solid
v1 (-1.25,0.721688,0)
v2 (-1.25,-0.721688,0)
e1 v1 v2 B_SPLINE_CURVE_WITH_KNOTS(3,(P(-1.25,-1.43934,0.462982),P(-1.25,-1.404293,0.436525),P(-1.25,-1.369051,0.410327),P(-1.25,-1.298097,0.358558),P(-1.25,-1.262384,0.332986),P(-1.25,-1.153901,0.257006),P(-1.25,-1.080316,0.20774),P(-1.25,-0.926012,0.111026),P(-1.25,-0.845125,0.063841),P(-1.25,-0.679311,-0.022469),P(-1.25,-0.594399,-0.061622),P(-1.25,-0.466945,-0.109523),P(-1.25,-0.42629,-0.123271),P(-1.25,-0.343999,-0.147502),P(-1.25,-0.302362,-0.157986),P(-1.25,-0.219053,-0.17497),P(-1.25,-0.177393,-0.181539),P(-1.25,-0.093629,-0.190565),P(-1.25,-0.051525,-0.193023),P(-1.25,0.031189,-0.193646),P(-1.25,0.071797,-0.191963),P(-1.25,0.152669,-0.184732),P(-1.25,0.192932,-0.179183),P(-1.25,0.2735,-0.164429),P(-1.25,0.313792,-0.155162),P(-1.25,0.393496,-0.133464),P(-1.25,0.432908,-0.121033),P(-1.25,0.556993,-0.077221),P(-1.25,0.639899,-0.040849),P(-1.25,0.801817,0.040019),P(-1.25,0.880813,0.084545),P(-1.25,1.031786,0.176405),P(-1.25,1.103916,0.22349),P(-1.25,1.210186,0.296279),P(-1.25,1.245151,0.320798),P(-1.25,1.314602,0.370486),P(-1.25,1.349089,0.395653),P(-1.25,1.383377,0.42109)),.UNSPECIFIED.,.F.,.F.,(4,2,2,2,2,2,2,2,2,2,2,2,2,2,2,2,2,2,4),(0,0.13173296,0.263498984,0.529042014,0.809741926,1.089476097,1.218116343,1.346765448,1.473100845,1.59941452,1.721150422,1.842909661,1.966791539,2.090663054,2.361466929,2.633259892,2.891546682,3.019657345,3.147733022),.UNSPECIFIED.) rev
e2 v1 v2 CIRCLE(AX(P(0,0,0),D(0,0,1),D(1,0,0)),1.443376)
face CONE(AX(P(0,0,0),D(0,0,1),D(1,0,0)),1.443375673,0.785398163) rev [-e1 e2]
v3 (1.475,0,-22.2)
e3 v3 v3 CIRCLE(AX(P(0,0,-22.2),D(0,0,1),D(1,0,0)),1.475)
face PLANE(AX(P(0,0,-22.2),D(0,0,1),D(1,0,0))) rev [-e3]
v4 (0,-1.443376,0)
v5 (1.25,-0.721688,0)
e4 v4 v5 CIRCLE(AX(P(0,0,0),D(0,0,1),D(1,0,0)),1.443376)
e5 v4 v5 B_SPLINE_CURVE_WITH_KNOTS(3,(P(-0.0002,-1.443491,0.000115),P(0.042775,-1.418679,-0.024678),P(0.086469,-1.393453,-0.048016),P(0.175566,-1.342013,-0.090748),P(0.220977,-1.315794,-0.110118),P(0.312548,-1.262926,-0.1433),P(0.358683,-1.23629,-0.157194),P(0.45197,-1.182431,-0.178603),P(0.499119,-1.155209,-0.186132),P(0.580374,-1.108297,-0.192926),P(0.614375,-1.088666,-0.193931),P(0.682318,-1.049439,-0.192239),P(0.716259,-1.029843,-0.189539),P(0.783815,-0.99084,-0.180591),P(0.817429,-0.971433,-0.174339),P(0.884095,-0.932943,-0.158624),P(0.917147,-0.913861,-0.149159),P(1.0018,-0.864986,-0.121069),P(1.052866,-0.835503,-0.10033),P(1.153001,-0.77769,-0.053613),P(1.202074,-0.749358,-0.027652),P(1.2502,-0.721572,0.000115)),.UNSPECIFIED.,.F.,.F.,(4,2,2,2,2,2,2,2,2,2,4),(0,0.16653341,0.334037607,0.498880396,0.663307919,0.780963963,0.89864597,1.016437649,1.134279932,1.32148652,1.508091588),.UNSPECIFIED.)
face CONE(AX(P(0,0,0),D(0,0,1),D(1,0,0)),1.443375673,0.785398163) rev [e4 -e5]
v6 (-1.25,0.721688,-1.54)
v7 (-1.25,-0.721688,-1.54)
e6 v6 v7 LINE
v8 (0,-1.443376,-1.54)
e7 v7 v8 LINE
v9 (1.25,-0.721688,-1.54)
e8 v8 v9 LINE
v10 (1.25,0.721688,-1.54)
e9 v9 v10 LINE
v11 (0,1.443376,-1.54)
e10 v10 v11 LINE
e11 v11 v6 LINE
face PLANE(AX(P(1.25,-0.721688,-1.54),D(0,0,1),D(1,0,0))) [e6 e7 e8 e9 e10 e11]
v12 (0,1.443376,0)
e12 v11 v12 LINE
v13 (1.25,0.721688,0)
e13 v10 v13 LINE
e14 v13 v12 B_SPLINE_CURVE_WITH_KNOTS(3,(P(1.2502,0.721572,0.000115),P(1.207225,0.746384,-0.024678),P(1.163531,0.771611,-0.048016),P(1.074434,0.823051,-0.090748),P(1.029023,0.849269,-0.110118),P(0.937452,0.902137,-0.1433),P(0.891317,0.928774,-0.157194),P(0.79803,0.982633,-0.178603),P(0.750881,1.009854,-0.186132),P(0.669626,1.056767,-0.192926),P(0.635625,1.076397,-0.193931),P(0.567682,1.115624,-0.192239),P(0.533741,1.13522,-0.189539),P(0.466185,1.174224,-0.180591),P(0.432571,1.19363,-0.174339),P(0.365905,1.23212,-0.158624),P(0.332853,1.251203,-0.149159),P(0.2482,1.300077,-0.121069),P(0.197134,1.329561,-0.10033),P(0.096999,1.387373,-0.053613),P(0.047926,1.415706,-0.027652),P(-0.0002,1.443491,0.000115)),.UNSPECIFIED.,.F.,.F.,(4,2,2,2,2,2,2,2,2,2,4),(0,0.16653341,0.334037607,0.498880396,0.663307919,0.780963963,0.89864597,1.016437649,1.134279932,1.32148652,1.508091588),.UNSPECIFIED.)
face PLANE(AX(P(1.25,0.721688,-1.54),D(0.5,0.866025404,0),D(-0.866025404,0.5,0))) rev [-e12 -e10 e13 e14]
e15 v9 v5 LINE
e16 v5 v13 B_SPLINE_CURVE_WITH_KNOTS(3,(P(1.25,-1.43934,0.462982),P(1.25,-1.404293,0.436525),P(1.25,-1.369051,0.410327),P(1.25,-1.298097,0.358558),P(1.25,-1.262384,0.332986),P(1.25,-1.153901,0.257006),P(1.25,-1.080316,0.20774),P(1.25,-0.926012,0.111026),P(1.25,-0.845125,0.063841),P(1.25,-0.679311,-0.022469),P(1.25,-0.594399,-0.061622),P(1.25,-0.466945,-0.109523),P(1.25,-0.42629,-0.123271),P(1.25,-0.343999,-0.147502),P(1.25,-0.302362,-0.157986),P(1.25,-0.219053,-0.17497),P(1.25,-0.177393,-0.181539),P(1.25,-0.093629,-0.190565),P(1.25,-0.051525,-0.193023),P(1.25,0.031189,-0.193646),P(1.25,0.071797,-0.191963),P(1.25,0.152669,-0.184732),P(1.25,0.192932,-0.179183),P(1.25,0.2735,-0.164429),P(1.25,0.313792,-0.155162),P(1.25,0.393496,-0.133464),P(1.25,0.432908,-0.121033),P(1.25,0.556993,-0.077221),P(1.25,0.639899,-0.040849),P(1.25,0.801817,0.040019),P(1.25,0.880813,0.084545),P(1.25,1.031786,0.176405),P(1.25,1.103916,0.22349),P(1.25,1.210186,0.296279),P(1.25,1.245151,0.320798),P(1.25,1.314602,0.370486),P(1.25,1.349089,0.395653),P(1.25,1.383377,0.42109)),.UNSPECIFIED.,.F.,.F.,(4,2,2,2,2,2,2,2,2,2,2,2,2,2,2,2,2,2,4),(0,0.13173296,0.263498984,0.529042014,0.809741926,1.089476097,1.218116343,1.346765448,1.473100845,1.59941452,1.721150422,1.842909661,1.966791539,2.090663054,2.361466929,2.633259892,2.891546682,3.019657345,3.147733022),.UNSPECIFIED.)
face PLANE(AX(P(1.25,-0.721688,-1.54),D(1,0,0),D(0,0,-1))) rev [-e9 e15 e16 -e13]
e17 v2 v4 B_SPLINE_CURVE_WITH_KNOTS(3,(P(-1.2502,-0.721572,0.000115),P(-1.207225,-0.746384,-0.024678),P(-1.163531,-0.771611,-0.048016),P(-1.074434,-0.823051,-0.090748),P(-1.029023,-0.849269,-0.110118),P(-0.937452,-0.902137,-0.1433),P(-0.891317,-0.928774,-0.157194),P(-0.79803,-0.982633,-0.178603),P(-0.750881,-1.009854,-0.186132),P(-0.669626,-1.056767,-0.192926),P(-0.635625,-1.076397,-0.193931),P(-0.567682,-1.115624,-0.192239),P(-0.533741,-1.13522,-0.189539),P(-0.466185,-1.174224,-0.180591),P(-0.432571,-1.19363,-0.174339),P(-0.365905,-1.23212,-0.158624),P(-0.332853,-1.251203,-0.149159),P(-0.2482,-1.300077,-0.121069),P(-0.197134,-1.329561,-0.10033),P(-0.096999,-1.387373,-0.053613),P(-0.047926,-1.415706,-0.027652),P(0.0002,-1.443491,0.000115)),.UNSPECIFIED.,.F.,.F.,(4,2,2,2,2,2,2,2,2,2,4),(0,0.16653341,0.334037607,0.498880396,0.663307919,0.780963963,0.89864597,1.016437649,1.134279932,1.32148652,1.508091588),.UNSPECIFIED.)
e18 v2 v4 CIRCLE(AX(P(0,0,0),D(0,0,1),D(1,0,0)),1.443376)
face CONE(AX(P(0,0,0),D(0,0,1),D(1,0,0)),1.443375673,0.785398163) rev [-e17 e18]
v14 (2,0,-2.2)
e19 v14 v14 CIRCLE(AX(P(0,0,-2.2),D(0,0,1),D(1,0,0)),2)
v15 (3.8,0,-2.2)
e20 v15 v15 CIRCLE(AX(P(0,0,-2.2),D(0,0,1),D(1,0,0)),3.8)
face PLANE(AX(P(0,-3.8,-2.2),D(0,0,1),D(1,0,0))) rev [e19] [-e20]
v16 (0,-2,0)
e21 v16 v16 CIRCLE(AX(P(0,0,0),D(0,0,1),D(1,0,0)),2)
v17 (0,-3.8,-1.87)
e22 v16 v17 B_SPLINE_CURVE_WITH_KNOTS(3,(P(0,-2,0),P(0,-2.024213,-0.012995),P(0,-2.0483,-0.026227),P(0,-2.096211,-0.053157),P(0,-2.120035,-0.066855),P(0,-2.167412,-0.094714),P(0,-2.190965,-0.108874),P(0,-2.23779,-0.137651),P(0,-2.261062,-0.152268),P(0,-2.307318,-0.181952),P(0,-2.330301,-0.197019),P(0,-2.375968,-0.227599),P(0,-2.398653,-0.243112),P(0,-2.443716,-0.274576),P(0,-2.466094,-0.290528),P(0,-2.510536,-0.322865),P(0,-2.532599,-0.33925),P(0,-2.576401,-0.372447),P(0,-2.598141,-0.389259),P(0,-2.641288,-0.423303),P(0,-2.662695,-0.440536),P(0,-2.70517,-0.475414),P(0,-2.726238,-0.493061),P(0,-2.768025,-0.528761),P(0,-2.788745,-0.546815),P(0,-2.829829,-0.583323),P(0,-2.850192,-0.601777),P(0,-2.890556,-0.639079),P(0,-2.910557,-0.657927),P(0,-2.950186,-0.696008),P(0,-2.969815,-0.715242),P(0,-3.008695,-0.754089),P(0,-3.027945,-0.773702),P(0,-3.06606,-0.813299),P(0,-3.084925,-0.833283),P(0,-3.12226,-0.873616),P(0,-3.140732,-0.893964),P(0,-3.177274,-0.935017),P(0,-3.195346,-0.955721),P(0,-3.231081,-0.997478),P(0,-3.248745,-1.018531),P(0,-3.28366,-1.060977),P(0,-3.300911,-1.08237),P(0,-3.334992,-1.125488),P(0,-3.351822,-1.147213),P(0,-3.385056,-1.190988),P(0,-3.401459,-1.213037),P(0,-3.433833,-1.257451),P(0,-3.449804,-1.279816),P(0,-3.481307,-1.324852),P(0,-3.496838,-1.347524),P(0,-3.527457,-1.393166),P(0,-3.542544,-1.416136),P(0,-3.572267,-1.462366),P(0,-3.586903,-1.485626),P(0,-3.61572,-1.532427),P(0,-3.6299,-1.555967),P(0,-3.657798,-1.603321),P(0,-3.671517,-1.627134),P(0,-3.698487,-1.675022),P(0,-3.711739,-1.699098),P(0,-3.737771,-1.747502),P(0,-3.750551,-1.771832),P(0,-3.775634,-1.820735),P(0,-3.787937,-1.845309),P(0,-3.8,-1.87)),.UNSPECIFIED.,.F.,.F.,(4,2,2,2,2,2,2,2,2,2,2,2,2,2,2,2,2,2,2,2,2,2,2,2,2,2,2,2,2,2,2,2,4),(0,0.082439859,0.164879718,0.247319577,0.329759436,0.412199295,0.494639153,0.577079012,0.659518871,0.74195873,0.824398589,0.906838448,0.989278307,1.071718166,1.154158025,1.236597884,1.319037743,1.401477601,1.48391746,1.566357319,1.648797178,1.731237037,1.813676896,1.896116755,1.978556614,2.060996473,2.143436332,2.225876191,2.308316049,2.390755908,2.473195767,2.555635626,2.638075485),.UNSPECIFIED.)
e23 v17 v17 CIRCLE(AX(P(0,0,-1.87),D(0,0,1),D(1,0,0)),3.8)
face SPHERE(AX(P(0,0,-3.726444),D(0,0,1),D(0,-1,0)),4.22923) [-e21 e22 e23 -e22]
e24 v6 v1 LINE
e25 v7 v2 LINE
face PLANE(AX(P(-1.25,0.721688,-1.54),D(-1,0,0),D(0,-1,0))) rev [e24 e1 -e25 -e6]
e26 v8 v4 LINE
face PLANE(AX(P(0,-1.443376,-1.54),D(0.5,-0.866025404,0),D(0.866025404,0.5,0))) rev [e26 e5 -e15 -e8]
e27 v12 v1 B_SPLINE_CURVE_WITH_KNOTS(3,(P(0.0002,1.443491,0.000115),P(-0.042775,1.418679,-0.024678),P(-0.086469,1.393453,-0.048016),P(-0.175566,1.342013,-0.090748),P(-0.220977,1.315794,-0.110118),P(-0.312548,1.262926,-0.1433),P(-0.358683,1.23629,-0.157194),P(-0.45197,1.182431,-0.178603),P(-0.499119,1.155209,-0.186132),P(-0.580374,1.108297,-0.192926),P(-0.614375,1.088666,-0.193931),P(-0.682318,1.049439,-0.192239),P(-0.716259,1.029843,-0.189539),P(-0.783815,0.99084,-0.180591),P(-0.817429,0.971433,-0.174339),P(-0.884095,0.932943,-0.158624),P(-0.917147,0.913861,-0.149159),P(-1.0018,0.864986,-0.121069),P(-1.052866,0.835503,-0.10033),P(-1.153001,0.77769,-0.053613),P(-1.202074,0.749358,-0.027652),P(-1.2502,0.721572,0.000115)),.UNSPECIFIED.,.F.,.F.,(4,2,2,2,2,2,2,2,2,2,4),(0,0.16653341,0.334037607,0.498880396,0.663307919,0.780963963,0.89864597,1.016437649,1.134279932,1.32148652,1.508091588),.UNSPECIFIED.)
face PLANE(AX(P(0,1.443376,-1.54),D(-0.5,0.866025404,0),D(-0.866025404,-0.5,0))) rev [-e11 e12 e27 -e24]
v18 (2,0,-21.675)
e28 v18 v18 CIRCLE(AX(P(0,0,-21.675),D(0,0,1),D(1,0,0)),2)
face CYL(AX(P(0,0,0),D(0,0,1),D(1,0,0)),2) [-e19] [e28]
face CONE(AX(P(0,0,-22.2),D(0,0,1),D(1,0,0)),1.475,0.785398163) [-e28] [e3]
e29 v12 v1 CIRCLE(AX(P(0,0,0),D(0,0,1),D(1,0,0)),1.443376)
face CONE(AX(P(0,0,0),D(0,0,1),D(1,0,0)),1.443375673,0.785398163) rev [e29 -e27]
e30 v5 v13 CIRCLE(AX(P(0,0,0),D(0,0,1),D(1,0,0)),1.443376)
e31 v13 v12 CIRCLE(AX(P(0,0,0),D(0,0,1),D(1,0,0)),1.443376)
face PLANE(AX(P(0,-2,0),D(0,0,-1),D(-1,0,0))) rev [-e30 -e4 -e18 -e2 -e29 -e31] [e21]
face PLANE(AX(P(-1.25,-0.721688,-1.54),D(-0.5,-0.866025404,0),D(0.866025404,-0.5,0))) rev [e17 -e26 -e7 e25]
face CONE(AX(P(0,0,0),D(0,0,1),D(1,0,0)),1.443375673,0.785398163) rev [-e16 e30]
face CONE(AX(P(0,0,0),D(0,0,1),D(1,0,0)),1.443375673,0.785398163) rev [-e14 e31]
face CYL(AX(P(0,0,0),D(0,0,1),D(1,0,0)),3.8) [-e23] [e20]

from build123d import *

# Parameters (mm, degrees)
CUT_EXTRUDE2_DEPTH = 1.54


with BuildPart() as part:
    # Sketch10 → Revolve3 (revolve)
    with BuildSketch(Plane(origin=(0, 0, 0), x_dir=(0, 0, -1), z_dir=(1, 0, 0))):
        Polygon((21.675, 2), (22.2, 1.475), (22.2, 0), (2.2, 0), (2.2, 2), align=None)
    revolve(axis=Axis((0, 0, 0), (0, 0, -1)))

    # Sketch7 → Revolve2 (revolve)
    with BuildSketch(Plane(origin=(0, 0, 0), x_dir=(0, 0, -1), z_dir=(1, 0, 0))):
        with BuildLine():
            Line((1.87, 3.8), (2.2, 3.8))
            Line((2.2, 3.8), (2.2, 0))
            Line((2.2, 0), (0, 0))
            Line((0, 0), (0, 2))
            ThreePointArc((0, 2), (0.793500147, 3.047002626), (1.87, 3.8))
        make_face()
    revolve(axis=Axis((0, 0, 0), (0, 0, -1)))

    # Sketch5 → Cut-Extrude2 (cut)
    with BuildSketch(Plane.XY):
        Polygon((1.25, -0.721687836), (1.25, 0.721687836), (0, 1.443375673), (-1.25, 0.721687836), (-1.25, -0.721687836), (0, -1.443375673), align=None)
    extrude(amount=-CUT_EXTRUDE2_DEPTH, mode=Mode.SUBTRACT)

    # Cut-Extrude3 cone 1 section (through the dimple's axis) → Cut-Extrude3 (revolve, cut)
    with BuildSketch(Plane(origin=(0, 0, 0), x_dir=(0, -1, 0), z_dir=(1, 0, 0))):
        Polygon((0, 0), (1.443375673, 0), (0, 1.443375673), align=None)
    revolve(axis=Axis((0, 0, 0), (0, 0, -1)), mode=Mode.SUBTRACT)


solid = part.part
